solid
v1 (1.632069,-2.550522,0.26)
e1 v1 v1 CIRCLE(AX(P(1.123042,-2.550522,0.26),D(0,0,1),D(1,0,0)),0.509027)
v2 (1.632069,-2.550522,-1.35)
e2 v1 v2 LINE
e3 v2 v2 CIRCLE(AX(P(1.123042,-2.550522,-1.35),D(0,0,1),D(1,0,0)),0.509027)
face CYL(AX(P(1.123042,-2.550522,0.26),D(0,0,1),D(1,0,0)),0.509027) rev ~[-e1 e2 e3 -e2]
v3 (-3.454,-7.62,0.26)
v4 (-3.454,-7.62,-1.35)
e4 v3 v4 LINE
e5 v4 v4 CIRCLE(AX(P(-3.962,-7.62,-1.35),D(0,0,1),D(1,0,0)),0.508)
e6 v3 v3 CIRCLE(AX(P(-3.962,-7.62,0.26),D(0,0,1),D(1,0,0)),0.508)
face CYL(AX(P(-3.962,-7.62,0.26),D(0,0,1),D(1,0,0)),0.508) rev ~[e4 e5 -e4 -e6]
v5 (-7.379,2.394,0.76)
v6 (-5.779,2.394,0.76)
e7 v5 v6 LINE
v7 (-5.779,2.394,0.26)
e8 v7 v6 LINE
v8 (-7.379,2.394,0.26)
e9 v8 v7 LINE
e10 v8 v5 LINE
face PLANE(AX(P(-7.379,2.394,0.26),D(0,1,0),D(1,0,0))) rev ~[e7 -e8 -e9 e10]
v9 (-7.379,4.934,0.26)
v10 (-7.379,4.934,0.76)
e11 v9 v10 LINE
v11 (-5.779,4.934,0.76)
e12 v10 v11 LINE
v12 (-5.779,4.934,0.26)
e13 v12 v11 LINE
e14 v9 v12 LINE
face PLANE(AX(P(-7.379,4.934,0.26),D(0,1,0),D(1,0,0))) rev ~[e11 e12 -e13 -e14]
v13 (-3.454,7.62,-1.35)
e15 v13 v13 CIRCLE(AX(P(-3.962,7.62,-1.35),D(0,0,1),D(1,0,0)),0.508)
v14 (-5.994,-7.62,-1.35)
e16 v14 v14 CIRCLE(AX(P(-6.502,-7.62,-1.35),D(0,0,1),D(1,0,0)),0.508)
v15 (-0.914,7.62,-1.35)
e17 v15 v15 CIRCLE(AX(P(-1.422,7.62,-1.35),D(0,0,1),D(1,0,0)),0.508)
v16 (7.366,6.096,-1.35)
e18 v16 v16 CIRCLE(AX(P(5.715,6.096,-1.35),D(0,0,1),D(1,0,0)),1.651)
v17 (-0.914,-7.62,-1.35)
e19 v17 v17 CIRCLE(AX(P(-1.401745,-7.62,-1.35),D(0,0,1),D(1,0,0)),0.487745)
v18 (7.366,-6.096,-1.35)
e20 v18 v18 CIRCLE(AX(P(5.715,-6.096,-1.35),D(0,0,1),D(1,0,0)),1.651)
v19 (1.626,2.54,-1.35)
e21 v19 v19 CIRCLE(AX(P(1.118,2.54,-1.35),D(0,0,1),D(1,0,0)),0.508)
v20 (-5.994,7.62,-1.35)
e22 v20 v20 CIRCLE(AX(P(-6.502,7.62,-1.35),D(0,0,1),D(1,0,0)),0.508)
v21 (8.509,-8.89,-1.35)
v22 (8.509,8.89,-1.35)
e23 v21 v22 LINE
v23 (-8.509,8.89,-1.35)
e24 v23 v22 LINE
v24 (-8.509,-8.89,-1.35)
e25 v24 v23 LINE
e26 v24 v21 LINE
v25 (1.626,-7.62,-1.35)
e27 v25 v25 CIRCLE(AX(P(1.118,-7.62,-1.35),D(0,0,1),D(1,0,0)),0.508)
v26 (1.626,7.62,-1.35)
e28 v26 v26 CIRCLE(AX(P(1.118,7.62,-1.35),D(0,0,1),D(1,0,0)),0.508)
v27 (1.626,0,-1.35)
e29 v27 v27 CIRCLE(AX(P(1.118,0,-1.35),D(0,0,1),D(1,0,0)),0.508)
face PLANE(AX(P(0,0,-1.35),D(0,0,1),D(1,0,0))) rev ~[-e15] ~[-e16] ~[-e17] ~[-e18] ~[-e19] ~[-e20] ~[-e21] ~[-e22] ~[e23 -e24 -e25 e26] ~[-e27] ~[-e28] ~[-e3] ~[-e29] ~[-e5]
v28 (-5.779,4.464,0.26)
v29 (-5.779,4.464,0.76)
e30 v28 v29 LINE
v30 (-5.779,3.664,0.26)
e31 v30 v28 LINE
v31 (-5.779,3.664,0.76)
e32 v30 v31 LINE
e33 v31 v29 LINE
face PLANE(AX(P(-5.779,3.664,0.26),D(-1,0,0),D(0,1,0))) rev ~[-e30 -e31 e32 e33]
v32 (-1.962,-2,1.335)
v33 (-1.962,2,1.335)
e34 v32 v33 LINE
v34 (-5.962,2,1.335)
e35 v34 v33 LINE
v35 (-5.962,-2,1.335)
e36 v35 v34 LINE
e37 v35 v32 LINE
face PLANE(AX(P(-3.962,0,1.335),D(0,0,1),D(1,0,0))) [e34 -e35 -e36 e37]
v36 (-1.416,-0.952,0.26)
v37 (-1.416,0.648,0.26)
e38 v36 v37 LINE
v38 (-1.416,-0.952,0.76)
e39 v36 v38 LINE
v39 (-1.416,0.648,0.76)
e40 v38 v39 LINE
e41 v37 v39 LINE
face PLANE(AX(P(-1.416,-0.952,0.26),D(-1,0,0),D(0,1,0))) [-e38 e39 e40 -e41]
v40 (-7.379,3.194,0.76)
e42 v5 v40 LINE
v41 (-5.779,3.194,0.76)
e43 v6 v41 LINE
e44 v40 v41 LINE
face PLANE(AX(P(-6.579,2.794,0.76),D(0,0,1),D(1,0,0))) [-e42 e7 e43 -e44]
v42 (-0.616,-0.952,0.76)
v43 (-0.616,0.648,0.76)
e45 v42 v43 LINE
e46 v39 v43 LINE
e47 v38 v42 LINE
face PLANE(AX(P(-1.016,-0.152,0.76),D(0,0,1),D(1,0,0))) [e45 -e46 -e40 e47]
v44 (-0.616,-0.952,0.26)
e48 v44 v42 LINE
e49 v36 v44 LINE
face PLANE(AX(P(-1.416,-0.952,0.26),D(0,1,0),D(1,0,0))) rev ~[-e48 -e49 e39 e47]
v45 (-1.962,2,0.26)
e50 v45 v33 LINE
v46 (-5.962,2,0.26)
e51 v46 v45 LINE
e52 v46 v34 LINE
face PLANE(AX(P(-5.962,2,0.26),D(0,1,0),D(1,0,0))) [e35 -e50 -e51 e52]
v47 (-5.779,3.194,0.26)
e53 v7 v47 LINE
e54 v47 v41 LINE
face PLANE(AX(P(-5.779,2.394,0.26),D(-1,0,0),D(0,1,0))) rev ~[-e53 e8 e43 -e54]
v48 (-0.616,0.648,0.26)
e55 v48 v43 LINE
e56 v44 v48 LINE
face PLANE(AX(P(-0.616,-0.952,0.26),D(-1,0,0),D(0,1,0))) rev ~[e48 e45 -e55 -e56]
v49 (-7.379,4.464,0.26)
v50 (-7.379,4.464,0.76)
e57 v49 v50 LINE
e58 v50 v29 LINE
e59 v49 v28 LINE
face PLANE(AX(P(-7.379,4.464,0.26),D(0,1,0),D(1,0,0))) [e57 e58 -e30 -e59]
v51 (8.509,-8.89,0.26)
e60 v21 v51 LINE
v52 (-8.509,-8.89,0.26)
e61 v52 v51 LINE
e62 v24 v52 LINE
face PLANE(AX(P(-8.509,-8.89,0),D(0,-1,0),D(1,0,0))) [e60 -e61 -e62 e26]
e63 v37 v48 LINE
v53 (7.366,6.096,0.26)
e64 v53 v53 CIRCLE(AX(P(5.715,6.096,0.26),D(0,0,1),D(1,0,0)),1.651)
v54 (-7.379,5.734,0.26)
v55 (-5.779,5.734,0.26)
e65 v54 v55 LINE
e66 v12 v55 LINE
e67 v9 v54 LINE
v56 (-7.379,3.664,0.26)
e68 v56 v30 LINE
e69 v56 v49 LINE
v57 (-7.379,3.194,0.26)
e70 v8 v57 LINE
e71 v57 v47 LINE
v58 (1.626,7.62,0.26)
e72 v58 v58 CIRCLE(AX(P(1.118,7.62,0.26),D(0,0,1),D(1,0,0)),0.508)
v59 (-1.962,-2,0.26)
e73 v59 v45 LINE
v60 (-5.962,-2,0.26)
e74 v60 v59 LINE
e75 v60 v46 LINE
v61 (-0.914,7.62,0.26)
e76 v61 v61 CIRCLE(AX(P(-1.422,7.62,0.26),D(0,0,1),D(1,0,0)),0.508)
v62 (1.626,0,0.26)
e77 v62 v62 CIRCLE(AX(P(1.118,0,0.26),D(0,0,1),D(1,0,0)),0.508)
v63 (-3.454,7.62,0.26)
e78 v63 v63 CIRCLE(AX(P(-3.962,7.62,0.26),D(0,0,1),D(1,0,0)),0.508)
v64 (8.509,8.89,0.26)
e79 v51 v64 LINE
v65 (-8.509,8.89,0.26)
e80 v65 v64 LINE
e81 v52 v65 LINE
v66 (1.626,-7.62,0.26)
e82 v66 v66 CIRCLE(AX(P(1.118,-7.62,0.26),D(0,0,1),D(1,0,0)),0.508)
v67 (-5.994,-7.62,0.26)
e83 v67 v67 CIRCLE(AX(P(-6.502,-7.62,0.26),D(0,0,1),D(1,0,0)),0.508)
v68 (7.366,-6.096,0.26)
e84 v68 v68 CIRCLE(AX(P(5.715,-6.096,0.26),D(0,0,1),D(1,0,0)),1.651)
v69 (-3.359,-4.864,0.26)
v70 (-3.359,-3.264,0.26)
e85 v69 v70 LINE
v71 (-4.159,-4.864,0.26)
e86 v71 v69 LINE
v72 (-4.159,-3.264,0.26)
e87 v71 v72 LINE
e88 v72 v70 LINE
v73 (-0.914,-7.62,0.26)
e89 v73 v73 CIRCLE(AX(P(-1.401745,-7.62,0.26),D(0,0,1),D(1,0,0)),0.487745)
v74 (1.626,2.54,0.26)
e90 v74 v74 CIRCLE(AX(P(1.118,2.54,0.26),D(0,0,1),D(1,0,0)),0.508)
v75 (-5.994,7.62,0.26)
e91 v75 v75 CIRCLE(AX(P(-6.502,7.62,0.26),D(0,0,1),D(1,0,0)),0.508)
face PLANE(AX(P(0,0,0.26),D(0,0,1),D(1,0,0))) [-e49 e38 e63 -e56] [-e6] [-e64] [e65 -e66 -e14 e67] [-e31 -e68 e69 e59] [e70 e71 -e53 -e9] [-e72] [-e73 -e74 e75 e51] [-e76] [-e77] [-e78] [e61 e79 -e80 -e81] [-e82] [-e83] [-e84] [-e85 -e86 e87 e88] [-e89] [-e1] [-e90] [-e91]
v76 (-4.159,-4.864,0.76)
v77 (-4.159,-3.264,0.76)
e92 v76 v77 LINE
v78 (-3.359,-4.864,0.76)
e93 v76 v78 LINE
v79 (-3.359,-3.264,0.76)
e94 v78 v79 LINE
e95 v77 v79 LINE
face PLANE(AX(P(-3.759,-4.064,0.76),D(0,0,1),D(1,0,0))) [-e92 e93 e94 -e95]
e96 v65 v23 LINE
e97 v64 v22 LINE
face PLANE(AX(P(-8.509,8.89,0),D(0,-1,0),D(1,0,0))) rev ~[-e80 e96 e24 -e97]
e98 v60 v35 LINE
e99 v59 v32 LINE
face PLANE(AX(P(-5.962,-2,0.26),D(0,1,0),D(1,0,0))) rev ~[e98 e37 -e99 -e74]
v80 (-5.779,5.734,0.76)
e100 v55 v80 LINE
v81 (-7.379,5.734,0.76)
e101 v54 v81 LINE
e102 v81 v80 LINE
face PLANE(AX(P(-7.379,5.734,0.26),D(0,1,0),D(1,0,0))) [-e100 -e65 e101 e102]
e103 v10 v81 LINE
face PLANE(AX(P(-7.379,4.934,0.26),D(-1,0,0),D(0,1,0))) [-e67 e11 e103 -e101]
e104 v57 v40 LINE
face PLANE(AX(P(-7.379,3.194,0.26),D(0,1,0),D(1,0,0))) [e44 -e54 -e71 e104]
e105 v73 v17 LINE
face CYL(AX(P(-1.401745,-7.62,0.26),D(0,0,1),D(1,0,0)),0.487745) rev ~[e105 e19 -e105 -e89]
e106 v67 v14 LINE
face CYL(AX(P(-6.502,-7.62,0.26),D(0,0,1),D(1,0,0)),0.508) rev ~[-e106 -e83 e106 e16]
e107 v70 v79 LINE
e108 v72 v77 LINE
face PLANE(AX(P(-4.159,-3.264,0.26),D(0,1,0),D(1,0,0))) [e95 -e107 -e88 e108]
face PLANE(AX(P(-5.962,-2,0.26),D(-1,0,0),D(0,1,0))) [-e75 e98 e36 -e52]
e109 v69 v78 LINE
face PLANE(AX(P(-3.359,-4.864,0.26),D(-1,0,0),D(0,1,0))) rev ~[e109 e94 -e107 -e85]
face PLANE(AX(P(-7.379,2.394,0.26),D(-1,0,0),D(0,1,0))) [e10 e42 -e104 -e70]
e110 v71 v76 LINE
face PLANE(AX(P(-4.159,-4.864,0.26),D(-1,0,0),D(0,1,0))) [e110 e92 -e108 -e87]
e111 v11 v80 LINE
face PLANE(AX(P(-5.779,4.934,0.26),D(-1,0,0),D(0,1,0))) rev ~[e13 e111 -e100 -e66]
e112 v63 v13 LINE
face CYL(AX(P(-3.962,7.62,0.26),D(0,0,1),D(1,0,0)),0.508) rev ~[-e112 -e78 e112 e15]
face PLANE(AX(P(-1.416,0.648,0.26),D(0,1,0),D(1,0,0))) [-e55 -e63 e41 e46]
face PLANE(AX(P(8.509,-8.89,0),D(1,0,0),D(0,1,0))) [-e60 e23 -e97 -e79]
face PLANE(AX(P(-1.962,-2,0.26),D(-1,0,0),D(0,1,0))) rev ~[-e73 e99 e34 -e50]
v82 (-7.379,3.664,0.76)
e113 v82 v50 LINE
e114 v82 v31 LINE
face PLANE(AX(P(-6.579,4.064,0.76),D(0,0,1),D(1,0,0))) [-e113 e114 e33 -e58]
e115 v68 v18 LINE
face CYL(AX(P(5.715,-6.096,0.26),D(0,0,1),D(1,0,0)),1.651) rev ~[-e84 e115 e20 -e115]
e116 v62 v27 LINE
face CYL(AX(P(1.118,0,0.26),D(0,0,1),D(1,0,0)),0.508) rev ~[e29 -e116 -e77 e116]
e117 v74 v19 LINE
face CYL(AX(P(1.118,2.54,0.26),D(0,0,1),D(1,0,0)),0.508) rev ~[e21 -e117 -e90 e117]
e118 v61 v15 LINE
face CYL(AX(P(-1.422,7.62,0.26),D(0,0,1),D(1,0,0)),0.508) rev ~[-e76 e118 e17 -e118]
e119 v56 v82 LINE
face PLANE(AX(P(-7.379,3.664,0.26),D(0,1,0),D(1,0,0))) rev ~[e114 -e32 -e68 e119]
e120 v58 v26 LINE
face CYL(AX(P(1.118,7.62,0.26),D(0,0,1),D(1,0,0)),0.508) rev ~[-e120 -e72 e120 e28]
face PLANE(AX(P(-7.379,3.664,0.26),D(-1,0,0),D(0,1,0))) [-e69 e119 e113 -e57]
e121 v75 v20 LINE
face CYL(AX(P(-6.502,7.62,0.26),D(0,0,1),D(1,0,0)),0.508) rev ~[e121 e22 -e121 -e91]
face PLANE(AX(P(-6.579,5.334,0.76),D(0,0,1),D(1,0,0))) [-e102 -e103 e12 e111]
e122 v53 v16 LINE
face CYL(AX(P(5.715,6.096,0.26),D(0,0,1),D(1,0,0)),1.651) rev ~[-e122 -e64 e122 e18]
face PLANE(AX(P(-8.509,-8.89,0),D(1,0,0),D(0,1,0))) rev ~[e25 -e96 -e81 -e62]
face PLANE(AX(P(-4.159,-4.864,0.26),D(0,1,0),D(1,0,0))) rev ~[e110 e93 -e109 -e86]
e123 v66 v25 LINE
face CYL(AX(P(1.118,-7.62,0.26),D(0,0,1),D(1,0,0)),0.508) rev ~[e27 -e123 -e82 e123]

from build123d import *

# Parameters (mm, degrees)
F0_W     = 17.018
F0_H     = 17.78
F1_DEPTH = 0.26
F2_DEPTH = 1.35
F3_R     = 0.508
F3_R_2   = 0.509027
F3_R_3   = 0.487745
F3_R_4   = 1.651
F4_DEPTH = 1.61
F5_W     = 1.6
F5_H     = 0.8
F5_W_2   = 0.8
F5_H_2   = 1.6
F6_DEPTH = 0.5
F7_W     = 4
F7_H     = 4
F8_DEPTH = 1.075


with BuildPart() as f1:
    # F0 (on Top) → F1 (new body)
    with BuildSketch(Plane.XY):
        Rectangle(F0_W, F0_H)
    extrude(amount=F1_DEPTH)

    # F0 (on Top) → F2 (join)
    with BuildSketch(Plane.XY):
        Rectangle(F0_W, F0_H)
    extrude(amount=-F2_DEPTH)

    # F3 (on face) → F4 (cut, through all)
    with BuildSketch(Plane.XY.offset(0.26)):
        with Locations((-6.502, 7.62)):
            Circle(F3_R)
        with Locations((-3.962, 7.62)):
            Circle(F3_R)
        with Locations((-1.422, 7.62)):
            Circle(F3_R)
        with Locations((1.118, 7.62)):
            Circle(F3_R)
        with Locations((1.118, 2.54)):
            Circle(F3_R)
        with Locations((1.118, 0)):
            Circle(F3_R)
        with Locations((1.123042, -2.550522)):
            Circle(F3_R_2)
        with Locations((1.118, -7.62)):
            Circle(F3_R)
        with Locations((-1.401745, -7.62)):
            Circle(F3_R_3)
        with Locations((-3.962, -7.62)):
            Circle(F3_R)
        with Locations((-6.502, -7.62)):
            Circle(F3_R)
        with Locations((5.715, -6.096)):
            Circle(F3_R_4)
        with Locations((5.715, 6.096)):
            Circle(F3_R_4)
    extrude(amount=-F4_DEPTH, mode=Mode.SUBTRACT)

    # F5 (on face) → F6 (join)
    with BuildSketch(Plane.XY.offset(0.26)):
        with Locations((-6.579, 5.334)):
            Rectangle(F5_W, F5_H)
        with Locations((-6.579, 4.064)):
            Rectangle(F5_W, F5_H)
        with Locations((-6.579, 2.794)):
            Rectangle(F5_W, F5_H)
        with Locations((-1.016, -0.152)):
            Rectangle(F5_W_2, F5_H_2)
        with Locations((-3.759, -4.064)):
            Rectangle(F5_W_2, F5_H_2)
    extrude(amount=F6_DEPTH)

    # F7 (on face) → F8 (join)
    with BuildSketch(Plane.XY.offset(0.26)):
        with Locations((-3.962, 0)):
            Rectangle(F7_W, F7_H)
    extrude(amount=F8_DEPTH)


solid = f1.part
